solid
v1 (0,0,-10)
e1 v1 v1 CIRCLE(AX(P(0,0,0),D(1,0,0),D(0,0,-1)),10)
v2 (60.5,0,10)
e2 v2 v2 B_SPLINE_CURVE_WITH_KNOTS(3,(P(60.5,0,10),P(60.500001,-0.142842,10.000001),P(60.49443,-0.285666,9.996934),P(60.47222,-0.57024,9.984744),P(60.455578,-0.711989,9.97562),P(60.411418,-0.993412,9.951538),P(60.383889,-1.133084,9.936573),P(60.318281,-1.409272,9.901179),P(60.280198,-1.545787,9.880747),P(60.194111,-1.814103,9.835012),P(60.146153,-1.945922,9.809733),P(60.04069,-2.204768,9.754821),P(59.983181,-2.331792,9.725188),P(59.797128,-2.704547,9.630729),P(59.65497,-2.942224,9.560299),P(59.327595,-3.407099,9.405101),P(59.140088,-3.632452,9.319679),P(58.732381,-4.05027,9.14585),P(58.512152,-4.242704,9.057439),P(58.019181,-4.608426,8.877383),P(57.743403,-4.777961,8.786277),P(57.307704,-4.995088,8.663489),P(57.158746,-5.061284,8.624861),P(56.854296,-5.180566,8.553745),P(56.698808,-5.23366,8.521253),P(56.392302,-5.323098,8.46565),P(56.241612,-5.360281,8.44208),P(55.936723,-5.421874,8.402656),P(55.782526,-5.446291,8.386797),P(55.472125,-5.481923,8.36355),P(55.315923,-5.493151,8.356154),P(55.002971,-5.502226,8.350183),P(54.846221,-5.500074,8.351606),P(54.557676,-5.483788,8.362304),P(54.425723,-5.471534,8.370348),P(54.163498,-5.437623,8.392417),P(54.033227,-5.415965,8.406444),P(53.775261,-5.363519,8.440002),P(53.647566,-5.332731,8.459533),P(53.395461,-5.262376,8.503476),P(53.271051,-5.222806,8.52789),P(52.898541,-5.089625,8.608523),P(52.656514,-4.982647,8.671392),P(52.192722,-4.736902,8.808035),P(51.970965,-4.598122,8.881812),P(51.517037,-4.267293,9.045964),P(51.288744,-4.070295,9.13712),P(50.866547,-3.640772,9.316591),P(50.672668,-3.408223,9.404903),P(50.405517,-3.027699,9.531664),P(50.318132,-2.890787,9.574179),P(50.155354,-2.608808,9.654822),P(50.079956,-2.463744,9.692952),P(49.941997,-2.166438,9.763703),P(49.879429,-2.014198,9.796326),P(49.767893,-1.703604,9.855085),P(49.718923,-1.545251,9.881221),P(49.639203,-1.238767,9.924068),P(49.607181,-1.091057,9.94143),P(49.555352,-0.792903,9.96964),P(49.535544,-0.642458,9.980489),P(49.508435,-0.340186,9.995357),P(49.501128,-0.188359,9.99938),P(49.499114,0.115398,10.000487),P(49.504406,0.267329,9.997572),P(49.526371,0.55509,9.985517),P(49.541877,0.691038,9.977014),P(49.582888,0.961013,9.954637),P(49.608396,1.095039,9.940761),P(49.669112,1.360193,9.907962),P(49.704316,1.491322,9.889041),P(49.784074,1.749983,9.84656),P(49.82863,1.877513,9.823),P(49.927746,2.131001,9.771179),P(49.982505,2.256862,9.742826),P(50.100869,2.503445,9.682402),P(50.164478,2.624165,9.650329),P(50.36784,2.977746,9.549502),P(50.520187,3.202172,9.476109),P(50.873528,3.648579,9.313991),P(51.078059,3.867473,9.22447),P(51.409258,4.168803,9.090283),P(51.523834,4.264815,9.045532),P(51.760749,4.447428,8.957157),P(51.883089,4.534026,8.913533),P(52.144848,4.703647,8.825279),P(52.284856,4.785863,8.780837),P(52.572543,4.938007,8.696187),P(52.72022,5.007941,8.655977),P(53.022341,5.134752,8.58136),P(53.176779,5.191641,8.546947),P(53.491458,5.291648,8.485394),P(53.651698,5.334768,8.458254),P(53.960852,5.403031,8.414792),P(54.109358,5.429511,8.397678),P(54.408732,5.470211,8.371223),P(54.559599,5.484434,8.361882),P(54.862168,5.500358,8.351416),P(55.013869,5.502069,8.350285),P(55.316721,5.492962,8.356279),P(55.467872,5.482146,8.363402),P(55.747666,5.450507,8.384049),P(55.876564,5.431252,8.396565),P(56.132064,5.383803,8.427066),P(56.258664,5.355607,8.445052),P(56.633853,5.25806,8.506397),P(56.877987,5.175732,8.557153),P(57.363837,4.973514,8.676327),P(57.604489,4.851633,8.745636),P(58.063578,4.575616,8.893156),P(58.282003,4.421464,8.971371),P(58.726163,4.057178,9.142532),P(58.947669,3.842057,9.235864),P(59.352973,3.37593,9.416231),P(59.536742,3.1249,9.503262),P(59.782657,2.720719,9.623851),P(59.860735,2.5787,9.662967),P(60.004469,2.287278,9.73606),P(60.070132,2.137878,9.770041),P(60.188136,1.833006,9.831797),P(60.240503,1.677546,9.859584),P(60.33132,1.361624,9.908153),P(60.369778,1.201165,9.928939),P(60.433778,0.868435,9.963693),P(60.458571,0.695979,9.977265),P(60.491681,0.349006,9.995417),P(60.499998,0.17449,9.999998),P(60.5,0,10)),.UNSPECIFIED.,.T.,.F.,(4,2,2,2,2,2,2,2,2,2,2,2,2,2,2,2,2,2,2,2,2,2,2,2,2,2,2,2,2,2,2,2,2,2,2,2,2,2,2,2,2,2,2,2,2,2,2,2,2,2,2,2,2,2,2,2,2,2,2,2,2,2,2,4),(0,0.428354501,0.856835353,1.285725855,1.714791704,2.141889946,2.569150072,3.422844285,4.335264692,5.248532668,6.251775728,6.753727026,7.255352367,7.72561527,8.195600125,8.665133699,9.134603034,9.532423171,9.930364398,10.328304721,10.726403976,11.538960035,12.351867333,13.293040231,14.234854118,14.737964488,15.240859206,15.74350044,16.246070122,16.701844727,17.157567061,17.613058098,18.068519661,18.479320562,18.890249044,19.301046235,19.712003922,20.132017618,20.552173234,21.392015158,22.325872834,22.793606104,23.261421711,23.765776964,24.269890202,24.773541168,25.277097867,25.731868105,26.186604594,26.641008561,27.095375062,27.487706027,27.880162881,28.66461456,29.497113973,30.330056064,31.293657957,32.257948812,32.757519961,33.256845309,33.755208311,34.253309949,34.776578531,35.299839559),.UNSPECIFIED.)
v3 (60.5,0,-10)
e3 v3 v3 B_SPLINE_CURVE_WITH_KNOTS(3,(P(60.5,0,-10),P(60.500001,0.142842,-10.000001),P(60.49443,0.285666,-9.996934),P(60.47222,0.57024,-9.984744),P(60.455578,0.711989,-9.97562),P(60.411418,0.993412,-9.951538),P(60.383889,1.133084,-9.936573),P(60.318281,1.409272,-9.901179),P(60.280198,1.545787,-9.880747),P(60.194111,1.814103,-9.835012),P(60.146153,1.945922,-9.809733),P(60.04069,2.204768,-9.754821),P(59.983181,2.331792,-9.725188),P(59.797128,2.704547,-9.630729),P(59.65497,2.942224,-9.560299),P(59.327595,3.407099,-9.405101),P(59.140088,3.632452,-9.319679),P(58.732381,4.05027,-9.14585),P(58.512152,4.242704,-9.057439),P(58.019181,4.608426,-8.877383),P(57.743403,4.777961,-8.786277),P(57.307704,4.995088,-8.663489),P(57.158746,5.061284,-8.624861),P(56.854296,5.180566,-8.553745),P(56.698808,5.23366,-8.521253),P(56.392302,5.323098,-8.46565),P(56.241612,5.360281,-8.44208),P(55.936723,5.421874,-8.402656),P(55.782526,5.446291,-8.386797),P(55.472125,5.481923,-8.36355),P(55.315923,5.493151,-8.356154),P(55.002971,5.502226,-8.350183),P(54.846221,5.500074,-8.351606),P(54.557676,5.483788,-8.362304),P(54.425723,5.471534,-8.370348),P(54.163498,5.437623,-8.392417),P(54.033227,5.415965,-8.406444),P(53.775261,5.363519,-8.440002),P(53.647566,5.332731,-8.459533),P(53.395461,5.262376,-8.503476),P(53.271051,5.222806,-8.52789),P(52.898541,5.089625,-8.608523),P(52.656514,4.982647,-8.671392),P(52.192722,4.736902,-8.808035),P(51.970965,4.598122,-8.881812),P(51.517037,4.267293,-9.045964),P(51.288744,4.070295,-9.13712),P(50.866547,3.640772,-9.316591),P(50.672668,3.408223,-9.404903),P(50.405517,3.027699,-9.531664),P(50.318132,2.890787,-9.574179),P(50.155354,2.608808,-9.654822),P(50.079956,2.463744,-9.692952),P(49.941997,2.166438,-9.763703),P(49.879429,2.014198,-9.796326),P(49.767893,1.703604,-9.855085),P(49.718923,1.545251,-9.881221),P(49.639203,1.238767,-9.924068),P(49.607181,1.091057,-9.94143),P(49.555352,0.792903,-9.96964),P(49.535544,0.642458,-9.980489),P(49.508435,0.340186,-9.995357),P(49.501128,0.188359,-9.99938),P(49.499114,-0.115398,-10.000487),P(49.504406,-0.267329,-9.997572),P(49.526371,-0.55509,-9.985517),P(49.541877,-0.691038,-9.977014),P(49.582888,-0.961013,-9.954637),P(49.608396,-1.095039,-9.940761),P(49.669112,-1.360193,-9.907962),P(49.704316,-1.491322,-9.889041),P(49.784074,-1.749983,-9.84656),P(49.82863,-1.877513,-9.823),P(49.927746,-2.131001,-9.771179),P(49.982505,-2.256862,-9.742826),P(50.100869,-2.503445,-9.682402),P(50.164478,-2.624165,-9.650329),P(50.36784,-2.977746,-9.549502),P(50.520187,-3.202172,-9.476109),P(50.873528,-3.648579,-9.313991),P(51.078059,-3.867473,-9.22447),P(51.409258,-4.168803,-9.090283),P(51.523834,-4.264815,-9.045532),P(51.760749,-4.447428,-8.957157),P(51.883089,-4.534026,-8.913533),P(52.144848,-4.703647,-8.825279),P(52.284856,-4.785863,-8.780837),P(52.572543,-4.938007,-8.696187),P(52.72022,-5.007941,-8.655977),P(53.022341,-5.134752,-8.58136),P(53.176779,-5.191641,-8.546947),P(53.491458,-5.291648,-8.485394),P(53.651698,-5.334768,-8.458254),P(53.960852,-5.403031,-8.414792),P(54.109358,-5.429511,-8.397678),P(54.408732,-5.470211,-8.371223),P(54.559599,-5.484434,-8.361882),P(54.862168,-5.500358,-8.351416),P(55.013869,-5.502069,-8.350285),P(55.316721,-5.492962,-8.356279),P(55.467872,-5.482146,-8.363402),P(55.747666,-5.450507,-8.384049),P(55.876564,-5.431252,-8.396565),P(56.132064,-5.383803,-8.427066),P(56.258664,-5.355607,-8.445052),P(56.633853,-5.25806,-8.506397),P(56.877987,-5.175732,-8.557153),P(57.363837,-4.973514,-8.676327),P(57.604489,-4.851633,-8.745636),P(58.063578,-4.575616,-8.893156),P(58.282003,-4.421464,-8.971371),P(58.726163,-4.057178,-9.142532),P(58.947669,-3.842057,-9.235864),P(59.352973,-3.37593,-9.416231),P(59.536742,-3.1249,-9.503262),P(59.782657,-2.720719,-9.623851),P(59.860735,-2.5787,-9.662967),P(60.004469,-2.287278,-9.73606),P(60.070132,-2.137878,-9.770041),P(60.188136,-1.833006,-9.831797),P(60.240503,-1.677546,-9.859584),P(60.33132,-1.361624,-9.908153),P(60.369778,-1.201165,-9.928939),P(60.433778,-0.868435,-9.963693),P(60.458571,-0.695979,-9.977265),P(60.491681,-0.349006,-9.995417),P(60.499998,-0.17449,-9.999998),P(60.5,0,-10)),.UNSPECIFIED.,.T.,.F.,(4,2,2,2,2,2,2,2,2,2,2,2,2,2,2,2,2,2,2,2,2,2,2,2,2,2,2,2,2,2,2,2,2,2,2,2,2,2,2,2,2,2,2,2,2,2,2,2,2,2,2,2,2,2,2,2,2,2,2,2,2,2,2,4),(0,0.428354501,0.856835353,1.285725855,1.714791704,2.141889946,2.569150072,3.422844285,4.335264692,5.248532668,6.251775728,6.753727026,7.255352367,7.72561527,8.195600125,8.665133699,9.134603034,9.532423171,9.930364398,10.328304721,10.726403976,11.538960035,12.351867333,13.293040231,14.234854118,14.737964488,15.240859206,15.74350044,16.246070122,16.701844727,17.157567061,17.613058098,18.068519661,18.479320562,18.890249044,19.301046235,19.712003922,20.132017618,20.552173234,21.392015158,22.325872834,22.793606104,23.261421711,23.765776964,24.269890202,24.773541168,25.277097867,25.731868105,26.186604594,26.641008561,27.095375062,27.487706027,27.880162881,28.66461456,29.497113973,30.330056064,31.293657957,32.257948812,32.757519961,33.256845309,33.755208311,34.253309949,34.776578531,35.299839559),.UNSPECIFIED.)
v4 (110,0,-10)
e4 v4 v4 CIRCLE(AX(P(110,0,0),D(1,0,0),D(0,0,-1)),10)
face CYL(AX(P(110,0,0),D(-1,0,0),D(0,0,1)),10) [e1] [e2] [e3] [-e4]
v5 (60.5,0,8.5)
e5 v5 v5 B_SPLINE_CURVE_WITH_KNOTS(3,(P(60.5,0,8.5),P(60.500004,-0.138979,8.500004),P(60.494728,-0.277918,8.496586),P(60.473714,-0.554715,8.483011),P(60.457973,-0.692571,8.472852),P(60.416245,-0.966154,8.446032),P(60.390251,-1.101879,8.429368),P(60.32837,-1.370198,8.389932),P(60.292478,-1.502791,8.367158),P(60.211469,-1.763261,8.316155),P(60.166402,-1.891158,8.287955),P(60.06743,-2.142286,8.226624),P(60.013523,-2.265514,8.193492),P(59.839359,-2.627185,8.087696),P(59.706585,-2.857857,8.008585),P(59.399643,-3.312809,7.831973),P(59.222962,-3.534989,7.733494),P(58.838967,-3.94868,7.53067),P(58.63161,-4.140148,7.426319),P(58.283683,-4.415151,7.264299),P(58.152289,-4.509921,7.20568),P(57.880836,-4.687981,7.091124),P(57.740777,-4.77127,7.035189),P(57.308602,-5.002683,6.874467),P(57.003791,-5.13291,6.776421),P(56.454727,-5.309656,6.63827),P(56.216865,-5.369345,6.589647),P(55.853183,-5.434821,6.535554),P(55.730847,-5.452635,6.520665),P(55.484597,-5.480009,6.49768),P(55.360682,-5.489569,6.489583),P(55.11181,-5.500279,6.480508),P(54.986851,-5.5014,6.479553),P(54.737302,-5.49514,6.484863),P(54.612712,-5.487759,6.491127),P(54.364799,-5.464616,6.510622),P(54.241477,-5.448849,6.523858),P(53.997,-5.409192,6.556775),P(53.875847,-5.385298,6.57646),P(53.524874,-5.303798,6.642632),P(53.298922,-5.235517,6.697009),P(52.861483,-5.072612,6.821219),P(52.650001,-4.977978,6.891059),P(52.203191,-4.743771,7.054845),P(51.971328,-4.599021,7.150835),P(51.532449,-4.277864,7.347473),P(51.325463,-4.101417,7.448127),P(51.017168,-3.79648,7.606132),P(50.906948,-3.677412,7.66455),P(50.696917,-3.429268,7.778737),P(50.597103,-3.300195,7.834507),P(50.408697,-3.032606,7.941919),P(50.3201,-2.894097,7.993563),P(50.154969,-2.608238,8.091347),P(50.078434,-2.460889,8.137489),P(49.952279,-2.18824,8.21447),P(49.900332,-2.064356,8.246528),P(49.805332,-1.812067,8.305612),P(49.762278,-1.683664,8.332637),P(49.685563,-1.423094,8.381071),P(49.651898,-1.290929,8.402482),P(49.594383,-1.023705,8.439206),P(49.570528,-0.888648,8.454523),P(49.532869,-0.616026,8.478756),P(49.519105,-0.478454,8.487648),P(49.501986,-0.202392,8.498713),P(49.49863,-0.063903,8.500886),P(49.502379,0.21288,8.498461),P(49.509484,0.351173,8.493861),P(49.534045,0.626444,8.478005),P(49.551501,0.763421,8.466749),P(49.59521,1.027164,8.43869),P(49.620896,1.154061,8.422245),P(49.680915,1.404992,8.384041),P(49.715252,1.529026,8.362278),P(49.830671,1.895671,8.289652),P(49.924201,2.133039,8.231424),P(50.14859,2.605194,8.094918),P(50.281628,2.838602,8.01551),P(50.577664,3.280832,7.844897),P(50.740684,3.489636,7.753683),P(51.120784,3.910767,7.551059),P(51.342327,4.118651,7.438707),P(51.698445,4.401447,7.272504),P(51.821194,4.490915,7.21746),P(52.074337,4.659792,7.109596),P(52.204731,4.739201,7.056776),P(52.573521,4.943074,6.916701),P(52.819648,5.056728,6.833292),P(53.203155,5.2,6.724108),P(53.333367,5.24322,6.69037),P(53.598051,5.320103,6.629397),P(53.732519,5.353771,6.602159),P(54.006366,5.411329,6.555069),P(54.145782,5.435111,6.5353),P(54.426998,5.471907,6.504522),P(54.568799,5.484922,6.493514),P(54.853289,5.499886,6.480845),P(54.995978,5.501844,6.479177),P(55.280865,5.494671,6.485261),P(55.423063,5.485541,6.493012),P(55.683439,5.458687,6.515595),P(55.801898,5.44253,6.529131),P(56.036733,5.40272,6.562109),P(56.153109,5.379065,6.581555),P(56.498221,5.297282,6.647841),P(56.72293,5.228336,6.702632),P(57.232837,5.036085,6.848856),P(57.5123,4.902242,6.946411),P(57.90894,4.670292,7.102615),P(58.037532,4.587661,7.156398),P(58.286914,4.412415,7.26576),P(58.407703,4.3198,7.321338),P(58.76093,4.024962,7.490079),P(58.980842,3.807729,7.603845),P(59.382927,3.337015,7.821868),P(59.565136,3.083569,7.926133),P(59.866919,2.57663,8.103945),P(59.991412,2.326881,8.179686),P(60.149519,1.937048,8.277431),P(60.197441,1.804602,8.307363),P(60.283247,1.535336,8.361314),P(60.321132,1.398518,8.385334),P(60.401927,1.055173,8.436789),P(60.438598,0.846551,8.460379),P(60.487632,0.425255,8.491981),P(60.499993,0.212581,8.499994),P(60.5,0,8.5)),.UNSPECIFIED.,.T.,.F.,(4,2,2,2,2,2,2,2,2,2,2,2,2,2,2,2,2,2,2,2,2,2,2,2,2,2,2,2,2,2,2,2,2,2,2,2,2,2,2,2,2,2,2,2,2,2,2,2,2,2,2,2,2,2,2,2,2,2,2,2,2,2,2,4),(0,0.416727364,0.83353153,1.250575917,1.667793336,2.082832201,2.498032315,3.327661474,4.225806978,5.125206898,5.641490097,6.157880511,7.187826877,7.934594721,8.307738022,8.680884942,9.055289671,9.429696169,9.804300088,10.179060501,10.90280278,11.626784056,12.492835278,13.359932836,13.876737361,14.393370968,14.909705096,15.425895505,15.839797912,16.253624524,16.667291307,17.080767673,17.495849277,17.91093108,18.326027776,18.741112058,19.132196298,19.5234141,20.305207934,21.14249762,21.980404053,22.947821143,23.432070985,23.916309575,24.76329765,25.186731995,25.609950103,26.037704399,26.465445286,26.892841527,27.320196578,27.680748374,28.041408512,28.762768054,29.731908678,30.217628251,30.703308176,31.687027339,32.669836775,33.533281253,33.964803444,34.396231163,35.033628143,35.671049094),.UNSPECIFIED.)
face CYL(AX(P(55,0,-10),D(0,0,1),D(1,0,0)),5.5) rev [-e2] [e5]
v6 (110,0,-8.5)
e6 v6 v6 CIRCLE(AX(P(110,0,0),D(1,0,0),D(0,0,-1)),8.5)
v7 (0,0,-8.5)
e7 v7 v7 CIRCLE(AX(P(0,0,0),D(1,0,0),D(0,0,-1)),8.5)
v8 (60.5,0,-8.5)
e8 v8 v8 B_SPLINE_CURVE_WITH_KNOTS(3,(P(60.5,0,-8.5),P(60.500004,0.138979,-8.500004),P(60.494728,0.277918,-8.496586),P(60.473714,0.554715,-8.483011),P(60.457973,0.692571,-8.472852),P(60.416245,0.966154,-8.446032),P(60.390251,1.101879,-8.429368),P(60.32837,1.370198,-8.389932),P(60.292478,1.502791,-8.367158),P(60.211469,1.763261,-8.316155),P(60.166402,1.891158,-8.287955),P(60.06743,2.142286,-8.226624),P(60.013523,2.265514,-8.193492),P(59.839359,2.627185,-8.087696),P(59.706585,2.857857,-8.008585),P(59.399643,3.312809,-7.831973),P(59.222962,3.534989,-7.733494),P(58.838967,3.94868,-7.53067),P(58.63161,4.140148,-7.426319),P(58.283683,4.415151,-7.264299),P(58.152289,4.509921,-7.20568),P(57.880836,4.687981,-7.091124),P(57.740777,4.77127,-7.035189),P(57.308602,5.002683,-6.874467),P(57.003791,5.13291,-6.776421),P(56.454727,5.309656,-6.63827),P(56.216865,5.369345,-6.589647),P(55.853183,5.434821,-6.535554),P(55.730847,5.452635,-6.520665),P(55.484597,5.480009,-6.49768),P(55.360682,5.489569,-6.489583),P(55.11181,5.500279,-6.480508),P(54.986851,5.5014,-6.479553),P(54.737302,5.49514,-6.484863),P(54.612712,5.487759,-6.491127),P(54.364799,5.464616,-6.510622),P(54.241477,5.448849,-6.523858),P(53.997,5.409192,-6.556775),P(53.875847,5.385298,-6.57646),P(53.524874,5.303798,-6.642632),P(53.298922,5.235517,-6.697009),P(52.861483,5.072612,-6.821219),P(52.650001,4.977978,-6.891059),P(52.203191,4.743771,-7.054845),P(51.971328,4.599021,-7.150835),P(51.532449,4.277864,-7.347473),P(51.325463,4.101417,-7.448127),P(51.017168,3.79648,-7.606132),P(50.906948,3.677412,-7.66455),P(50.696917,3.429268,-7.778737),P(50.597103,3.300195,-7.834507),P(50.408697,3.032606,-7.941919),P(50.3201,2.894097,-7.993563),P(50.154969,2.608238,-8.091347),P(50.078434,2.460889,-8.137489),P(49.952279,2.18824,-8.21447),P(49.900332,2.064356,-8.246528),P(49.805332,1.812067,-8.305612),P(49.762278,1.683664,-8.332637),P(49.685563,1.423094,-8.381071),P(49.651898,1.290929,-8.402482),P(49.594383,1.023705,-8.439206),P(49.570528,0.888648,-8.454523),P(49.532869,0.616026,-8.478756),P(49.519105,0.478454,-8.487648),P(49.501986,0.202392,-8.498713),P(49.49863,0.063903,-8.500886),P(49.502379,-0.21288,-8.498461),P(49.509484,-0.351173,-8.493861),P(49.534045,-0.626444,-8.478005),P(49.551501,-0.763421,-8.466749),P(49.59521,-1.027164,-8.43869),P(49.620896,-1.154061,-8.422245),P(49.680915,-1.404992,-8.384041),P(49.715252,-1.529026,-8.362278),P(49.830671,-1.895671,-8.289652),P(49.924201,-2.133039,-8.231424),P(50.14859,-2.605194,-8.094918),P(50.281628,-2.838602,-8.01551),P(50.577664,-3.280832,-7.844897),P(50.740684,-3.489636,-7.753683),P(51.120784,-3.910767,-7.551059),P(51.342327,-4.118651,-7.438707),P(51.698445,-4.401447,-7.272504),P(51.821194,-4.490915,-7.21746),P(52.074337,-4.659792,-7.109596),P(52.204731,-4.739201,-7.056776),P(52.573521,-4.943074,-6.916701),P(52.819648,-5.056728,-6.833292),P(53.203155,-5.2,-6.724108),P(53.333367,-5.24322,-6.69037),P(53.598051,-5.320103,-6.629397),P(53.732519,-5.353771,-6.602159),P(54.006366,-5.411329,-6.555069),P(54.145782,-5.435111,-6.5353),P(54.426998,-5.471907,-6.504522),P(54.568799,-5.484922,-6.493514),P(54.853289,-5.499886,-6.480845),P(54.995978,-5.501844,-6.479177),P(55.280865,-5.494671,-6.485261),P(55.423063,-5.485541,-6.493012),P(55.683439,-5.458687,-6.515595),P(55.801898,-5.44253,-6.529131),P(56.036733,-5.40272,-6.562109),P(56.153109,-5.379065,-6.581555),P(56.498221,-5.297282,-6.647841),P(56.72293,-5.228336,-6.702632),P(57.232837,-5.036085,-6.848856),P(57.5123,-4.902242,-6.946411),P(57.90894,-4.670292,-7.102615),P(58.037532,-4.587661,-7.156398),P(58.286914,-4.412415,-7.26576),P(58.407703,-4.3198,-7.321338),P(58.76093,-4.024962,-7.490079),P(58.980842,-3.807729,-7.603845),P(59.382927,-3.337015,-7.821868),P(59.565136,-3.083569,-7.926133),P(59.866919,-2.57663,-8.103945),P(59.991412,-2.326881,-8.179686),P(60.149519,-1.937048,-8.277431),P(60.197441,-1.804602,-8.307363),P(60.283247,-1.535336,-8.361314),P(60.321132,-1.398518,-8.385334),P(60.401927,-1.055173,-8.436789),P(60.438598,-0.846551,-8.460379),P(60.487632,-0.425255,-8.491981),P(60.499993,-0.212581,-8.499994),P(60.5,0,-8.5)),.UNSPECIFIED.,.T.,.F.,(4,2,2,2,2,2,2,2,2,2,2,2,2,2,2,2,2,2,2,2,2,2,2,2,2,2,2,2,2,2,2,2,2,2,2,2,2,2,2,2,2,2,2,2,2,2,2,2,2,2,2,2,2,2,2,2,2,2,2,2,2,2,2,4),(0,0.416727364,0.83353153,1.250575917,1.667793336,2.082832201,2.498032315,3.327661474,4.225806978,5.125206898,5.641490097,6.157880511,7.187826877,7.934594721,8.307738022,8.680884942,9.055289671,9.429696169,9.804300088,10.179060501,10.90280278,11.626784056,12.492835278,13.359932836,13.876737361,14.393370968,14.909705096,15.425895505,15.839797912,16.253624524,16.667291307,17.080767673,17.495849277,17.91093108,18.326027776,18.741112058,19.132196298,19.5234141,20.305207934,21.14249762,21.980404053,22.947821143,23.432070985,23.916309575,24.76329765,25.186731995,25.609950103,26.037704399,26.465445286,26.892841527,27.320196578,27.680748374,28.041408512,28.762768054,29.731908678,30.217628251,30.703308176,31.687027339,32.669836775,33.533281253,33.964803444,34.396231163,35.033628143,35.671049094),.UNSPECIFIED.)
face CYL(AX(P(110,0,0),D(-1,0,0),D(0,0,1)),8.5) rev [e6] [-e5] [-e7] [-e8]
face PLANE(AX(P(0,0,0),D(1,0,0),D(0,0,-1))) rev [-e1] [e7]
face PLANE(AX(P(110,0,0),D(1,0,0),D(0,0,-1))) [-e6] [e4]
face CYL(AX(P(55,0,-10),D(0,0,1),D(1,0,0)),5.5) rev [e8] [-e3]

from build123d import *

# Parameters (mm, degrees)
SKETCH_1_R               = 10
SKETCH_1_R_2             = 8.5
EXTRUDE_1_DEPTH          = 110
CUT_EXTRUDE_1_DEPTH      = 111.905365064
CUT_EXTRUDE_1_DEPTH_BACK = 111.905365064
SKETCH_2_R               = 5.5


with BuildPart() as part:
    # 草图1 → 凸台-拉伸1 (new body)
    with BuildSketch(Plane(origin=(0, 0, 0), x_dir=(0, 0, -1), z_dir=(1, 0, 0))):
        Circle(SKETCH_1_R)
        Circle(SKETCH_1_R_2, mode=Mode.SUBTRACT)
    extrude(amount=EXTRUDE_1_DEPTH)

    # 草图2 → 切除-拉伸1 (cut, two sides: drawn at the far end of the back side and taken through both)
    with BuildSketch(Plane.XY.offset(-CUT_EXTRUDE_1_DEPTH_BACK)):
        with Locations((55, 0)):
            Circle(SKETCH_2_R)
    extrude(amount=CUT_EXTRUDE_1_DEPTH + CUT_EXTRUDE_1_DEPTH_BACK, mode=Mode.SUBTRACT)


solid = part.part
